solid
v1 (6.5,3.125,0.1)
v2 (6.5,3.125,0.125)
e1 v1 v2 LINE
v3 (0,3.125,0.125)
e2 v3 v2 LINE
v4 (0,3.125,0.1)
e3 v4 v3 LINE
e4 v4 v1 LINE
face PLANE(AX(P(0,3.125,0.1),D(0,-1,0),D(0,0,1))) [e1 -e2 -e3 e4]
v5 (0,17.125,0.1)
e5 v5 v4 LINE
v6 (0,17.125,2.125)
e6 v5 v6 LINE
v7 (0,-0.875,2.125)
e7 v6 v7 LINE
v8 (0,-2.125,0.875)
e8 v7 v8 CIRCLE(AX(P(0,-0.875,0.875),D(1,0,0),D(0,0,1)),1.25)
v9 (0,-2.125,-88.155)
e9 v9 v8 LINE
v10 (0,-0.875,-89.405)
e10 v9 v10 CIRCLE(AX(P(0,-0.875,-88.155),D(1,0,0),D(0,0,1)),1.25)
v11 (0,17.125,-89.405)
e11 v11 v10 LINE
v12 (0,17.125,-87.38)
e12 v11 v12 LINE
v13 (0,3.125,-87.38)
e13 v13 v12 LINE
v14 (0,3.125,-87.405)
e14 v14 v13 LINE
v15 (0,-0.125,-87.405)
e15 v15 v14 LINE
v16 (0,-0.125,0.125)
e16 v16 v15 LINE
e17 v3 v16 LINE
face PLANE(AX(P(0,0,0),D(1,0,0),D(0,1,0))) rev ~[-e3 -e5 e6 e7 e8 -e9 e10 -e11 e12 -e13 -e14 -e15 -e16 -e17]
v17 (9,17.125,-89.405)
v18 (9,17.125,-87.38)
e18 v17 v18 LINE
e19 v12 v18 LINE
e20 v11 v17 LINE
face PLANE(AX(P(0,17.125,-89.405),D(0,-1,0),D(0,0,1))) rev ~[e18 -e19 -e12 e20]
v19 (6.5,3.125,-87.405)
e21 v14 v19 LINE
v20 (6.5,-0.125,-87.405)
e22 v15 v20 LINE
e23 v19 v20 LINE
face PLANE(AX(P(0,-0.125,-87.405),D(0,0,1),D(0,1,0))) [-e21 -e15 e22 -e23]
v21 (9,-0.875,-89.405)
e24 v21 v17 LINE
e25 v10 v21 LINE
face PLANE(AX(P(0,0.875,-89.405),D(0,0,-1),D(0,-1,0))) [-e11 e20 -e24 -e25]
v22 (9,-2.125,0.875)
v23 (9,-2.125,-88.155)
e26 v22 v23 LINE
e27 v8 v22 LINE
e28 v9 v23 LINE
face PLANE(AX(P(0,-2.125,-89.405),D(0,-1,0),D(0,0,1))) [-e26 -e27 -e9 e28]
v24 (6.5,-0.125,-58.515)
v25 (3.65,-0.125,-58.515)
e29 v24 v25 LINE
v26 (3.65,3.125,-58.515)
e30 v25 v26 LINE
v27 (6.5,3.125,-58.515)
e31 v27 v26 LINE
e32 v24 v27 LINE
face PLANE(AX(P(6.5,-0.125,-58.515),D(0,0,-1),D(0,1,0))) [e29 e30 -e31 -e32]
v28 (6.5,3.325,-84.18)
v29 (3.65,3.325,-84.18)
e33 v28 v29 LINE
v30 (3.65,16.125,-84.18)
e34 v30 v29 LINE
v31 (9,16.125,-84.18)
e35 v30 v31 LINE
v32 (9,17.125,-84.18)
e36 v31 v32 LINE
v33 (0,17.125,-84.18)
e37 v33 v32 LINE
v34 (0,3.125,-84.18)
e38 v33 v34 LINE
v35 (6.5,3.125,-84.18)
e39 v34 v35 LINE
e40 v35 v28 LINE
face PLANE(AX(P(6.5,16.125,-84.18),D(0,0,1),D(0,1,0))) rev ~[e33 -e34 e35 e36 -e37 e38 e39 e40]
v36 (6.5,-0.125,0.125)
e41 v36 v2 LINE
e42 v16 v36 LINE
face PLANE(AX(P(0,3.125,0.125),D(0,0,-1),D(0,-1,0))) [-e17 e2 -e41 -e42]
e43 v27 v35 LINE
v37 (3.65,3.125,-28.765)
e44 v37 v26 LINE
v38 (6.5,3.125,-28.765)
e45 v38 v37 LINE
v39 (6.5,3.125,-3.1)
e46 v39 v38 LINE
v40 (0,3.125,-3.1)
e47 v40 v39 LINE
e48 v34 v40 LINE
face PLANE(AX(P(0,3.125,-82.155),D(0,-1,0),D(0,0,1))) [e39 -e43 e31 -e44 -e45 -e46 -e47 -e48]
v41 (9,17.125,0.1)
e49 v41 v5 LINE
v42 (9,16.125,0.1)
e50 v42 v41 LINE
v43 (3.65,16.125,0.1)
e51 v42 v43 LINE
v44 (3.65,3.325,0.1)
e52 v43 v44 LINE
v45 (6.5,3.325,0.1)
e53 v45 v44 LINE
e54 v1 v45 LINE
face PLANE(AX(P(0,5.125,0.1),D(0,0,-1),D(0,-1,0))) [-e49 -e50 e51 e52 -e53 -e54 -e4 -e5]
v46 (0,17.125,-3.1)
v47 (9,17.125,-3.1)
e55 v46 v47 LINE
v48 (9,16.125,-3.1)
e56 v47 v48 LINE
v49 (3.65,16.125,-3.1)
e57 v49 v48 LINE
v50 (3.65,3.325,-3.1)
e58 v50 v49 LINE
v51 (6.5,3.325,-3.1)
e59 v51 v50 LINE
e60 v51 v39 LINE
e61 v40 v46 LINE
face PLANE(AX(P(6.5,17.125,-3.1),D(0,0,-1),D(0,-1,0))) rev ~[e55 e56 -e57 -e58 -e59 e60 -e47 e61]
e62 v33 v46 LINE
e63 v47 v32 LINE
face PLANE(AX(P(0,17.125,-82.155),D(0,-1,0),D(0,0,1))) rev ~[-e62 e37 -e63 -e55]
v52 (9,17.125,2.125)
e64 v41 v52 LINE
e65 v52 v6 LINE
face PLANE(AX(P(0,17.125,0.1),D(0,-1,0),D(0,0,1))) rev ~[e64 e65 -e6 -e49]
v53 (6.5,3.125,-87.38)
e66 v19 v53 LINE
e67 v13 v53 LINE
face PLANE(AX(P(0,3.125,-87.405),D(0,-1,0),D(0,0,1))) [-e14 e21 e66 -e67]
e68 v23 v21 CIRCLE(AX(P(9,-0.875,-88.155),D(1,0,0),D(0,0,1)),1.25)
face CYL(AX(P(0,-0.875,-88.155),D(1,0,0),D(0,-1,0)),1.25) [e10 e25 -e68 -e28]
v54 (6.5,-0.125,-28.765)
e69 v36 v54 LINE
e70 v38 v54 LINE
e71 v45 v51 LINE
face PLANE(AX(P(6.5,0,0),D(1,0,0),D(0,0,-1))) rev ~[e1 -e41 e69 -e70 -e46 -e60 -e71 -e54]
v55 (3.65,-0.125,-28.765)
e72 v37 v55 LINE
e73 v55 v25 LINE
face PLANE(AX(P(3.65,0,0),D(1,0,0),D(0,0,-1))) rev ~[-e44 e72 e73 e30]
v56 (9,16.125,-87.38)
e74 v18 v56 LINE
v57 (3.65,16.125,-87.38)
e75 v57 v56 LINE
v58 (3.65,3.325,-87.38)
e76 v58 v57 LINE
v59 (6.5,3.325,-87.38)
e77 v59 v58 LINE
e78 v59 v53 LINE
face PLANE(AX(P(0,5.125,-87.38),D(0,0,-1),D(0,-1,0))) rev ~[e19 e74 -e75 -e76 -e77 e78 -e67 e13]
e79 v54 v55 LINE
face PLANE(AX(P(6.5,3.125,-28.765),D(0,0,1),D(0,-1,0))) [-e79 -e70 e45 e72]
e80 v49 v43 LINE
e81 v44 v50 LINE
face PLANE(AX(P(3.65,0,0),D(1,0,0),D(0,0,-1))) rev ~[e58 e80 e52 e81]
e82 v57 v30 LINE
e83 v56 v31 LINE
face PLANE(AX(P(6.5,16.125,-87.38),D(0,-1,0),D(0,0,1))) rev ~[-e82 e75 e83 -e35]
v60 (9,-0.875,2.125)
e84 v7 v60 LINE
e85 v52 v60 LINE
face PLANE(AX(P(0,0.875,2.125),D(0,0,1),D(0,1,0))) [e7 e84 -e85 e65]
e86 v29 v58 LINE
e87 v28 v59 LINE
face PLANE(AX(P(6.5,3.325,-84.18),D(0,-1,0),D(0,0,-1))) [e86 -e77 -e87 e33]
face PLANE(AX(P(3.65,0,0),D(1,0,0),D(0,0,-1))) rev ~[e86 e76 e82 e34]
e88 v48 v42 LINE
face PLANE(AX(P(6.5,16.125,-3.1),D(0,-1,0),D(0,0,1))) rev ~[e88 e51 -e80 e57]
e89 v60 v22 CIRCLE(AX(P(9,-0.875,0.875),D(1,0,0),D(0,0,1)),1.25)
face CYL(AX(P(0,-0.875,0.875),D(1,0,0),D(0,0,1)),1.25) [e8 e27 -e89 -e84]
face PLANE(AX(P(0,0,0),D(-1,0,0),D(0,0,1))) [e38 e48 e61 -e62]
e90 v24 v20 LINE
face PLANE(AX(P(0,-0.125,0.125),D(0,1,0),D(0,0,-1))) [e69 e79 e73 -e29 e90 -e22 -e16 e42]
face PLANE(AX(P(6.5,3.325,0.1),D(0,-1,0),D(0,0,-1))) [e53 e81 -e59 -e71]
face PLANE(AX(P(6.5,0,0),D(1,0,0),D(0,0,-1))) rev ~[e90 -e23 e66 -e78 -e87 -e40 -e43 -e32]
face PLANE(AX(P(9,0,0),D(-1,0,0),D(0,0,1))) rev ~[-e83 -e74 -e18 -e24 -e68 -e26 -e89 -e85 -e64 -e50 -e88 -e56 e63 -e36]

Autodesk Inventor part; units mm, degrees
ref_plane "YZ Plane" through (0, 0, 0) normal (1, 0, 0) x (0, 1, 0)
ref_plane "XZ Plane" through (0, 0, 0) normal (0, 1, 0) x (-1, 0, 0)
ref_plane "XY Plane" through (0, 0, 0) normal (0, 0, 1) x (1, 0, 0)
sketch "Sketch1" plane through (0, 0, 0) normal (1, 0, 0) x (0, 1, 0)
  line L0 (0, 0) -> (3, 0)
  line L1 (3, 0) -> (3, -87.28)
  line L2 (3, -87.28) -> (0, -87.28)
  line L3 (0, -87.28) -> (0, 0)
  line L4 (3.125, -87.405) -> (3.125, 0.125)
  line L5 (3.125, 0.125) -> (-0.125, 0.125)
  line L6 (-0.125, 0.125) -> (-0.125, -87.405)
  line L7 (-0.125, -87.405) -> (3.125, -87.405)
  line L8 (5.125, 2.125) -> (5.125, -89.405)
  line L9 (5.125, -89.405) -> (-2.125, -89.405)
  line L10 (-2.125, -89.405) -> (-2.125, 2.125)
  line L11 (-2.125, 2.125) -> (5.125, 2.125)
  line L12 (3, -87.28) -> (15, -87.28)
  line L13 (15, -87.28) -> (15, -84.28)
  line L14 (15, -84.28) -> (3, -84.28)
  line L15 (3, -84.28) -> (3, -87.28)
  line L16 (3, 0) -> (15, 0)
  line L17 (15, 0) -> (15, -3)
  line L18 (15, -3) -> (3, -3)
  line L19 (3, -3) -> (3, 0)
  line L20 (15.1, 0.1) -> (2.9, 0.1)
  line L21 (2.9, 0.1) -> (2.9, -3.1)
  line L22 (2.9, -3.1) -> (15.1, -3.1)
  line L23 (15.1, -3.1) -> (15.1, 0.1)
  line L24 (15.1, -87.38) -> (2.9, -87.38)
  line L25 (2.9, -87.38) -> (2.9, -84.18)
  line L26 (2.9, -84.18) -> (15.1, -84.18)
  line L27 (15.1, -84.18) -> (15.1, -87.38)
  line L28 (0.875, -89.405) -> (17.125, -89.405)
  line L29 (17.125, -89.405) -> (17.125, -82.155)
  line L30 (17.125, -82.155) -> (0.875, -82.155)
  line L31 (0.875, -82.155) -> (0.875, -89.405)
  line L32 (17.125, 2.125) -> (0.875, 2.125)
  line L33 (0.875, 2.125) -> (0.875, -5.125)
  line L34 (0.875, -5.125) -> (17.125, -5.125)
  line L35 (17.125, -5.125) -> (17.125, 2.125)
  line L36 (15.1, 0.1) -> (17.125, 0.1)
  line L37 (15.1, -3.1) -> (17.125, -3.1)
  line L38 (15.1, -87.38) -> (17.125, -87.38)
  line L39 (15.1, -84.18) -> (17.125, -84.18)
  point P0 (5.125, -82.155)
  point P1 (5.125, -5.125)
  point P2 (3.125, -84.18)
  point P3 (3.125, -87.38)
  point P4 (3.125, 0.1)
  point P5 (3.125, -3.1)
  dimension "d0" = 87.28
  dimension "d1" = 3
  dimension "d2" = 0.125
  dimension "d3" = 2
  dimension "d4" = 12
  dimension "d5" = 3
  dimension "d6" = 12
  dimension "d7" = 3
  dimension "d8" = 0.1
  dimension "d9" = 0.1
  dimension "d10" = 0
  dimension "d11" = 0
extrude "Extrusion1" add sketch "Sketch1" along normal blind 6.5 contours L33 L11 L8 L20 L4 L5 | L5 L6 L7 L31 L9 L10 L11 L33 | L7 L4 L24 L8 L9 L31 | L32 L35 L36 L20 L8 | L34 L8 L30 L4 | L4 L22 L8 L34 | L30 L8 L26 L4 | L8 L22 L37 L35 L34 | L8 L24 L38 L29 L28 | L30 L29 L39 L26 L8
sketch "Sketch2" plane through (6.5, 0, 0) normal (1, 0, 0) x (0, 0, -1)
  line L0 (3.1, 16.125) -> (-0.1, 16.125)
  line L1 (-0.1, 16.125) -> (-0.1, 3.325)
  line L2 (-0.1, 3.325) -> (3.1, 3.325)
  line L3 (3.1, 3.325) -> (3.1, 16.125)
  line L4 (3.1, 3.125) -> (84.18, 3.125) projected
  line L5 (5.125, 17.125) -> (3.1, 17.125) projected
  line L6 (-0.1, 3.125) -> (-0.1, 17.125) projected
  line L7 (3.1, 17.125) -> (3.1, 3.125) projected
  line L8 (84.18, 3.325) -> (87.38, 3.325)
  line L9 (87.38, 3.325) -> (87.38, 16.125)
  line L10 (87.38, 16.125) -> (84.18, 16.125)
  line L11 (84.18, 16.125) -> (84.18, 3.325)
  line L12 (89.405, 17.125) -> (87.38, 17.125) projected
  line L13 (87.38, 17.125) -> (87.38, 3.125) projected
  line L14 (84.18, 3.125) -> (84.18, 17.125) projected
  line L15 (28.765, -0.125) -> (58.515, -0.125)
  line L16 (58.515, -0.125) -> (58.515, 3.125)
  line L17 (58.515, 3.125) -> (28.765, 3.125)
  line L18 (28.765, 3.125) -> (28.765, -0.125)
  line L19 (87.405, -0.125) -> (-0.125, -0.125) projected
  line L20 (-0.125, -0.125) -> (-0.125, 3.125) projected
  point P0 (0, 0)
  dimension "d14" = 0.2
  dimension "d15" = 1
  dimension "d16" = 0
  dimension "d17" = 0
  dimension "d18" = 0.2
  dimension "d19" = 1
  dimension "d20" = 0
  dimension "d21" = 0
  dimension "d22" = 29.75
  dimension "d23" = 0
  dimension "d24" = 0
  dimension "d25" = 28.89
extrude "Extrusion2" add sketch "Sketch2" against normal blind 2.85
sketch "Sketch3" plane through (6.5, 0, 0) normal (1, 0, 0) x (0, 0, -1)
  line L0 (84.18, 16.125) -> (84.18, 17.125) projected
  line L1 (84.18, 17.125) -> (82.155, 17.125) projected
  line L2 (82.155, 17.125) -> (82.155, 5.125) projected
  line L3 (82.155, 5.125) -> (5.125, 5.125) projected
  line L4 (5.125, 5.125) -> (5.125, 17.125) projected
  line L5 (5.125, 17.125) -> (3.1, 17.125) projected
  line L6 (3.1, 17.125) -> (3.1, 16.125) projected
  line L7 (3.1, 16.125) -> (-0.1, 16.125) projected
  line L8 (-0.1, 16.125) -> (-0.1, 17.125) projected
  line L9 (-0.1, 17.125) -> (-2.125, 17.125) projected
  line L10 (-2.125, 17.125) -> (-2.125, -2.125) projected
  line L11 (-2.125, -2.125) -> (89.405, -2.125) projected
  line L12 (89.405, -2.125) -> (89.405, 17.125) projected
  line L13 (89.405, 17.125) -> (87.38, 17.125) projected
  line L14 (87.38, 17.125) -> (87.38, 16.125) projected
  line L15 (87.38, 16.125) -> (84.18, 16.125) projected
  line L16 (84.18, 3.325) -> (87.38, 3.325) projected
  line L17 (87.38, 3.325) -> (87.38, 3.125) projected
  line L18 (87.38, 3.125) -> (87.405, 3.125) projected
  line L19 (87.405, 3.125) -> (87.405, -0.125) projected
  line L20 (87.405, -0.125) -> (58.515, -0.125) projected
  line L21 (58.515, -0.125) -> (58.515, 3.125) projected
  line L22 (58.515, 3.125) -> (84.18, 3.125) projected
  line L23 (84.18, 3.125) -> (84.18, 3.325) projected
  line L24 (28.765, 3.125) -> (28.765, -0.125) projected
  line L25 (28.765, -0.125) -> (-0.125, -0.125) projected
  line L26 (-0.125, -0.125) -> (-0.125, 3.125) projected
  line L27 (-0.125, 3.125) -> (-0.1, 3.125) projected
  line L28 (-0.1, 3.125) -> (-0.1, 3.325) projected
  line L29 (-0.1, 3.325) -> (3.1, 3.325) projected
  line L30 (3.1, 3.325) -> (3.1, 3.125) projected
  line L31 (3.1, 3.125) -> (28.765, 3.125) projected
  point P0 (0, 0)
extrude "Extrusion4" add sketch "Sketch3" along normal blind 2.5 contours L15 L14 L13 L12 L11 L10 L9 L8 L7 L6 L5 L4 L3 L2 L1 L0 | L16 L17 L18 L19 L20 L21 L22 L23 | L24 L25 L26 L27 L28 L29 L30 L31
sketch "Sketch4" plane through (0, 0, 0) normal (-1, 0, 0) x (0, 0, 1)
  line L0 (-5.125, 5.125) -> (-5.125, 17.125) projected
  line L1 (-82.155, 17.125) -> (-82.155, 5.125) projected
  line L2 (-5.125, 5.125) -> (-82.155, 5.125)
  line L3 (-82.155, 5.125) -> (-82.155, 17.125)
  line L4 (-82.155, 17.125) -> (-5.125, 17.125)
  line L5 (-5.125, 17.125) -> (-5.125, 5.125)
  point P0 (0, 0)
extrude "Extrusion5" add sketch "Sketch4" against normal up to surface (9 mm away)
fillet "Fillet1" radius 1.25 2 edges at (4.5, -2.125, 2.125) (4.5, -2.125, -89.405)
properties part number "Front"
